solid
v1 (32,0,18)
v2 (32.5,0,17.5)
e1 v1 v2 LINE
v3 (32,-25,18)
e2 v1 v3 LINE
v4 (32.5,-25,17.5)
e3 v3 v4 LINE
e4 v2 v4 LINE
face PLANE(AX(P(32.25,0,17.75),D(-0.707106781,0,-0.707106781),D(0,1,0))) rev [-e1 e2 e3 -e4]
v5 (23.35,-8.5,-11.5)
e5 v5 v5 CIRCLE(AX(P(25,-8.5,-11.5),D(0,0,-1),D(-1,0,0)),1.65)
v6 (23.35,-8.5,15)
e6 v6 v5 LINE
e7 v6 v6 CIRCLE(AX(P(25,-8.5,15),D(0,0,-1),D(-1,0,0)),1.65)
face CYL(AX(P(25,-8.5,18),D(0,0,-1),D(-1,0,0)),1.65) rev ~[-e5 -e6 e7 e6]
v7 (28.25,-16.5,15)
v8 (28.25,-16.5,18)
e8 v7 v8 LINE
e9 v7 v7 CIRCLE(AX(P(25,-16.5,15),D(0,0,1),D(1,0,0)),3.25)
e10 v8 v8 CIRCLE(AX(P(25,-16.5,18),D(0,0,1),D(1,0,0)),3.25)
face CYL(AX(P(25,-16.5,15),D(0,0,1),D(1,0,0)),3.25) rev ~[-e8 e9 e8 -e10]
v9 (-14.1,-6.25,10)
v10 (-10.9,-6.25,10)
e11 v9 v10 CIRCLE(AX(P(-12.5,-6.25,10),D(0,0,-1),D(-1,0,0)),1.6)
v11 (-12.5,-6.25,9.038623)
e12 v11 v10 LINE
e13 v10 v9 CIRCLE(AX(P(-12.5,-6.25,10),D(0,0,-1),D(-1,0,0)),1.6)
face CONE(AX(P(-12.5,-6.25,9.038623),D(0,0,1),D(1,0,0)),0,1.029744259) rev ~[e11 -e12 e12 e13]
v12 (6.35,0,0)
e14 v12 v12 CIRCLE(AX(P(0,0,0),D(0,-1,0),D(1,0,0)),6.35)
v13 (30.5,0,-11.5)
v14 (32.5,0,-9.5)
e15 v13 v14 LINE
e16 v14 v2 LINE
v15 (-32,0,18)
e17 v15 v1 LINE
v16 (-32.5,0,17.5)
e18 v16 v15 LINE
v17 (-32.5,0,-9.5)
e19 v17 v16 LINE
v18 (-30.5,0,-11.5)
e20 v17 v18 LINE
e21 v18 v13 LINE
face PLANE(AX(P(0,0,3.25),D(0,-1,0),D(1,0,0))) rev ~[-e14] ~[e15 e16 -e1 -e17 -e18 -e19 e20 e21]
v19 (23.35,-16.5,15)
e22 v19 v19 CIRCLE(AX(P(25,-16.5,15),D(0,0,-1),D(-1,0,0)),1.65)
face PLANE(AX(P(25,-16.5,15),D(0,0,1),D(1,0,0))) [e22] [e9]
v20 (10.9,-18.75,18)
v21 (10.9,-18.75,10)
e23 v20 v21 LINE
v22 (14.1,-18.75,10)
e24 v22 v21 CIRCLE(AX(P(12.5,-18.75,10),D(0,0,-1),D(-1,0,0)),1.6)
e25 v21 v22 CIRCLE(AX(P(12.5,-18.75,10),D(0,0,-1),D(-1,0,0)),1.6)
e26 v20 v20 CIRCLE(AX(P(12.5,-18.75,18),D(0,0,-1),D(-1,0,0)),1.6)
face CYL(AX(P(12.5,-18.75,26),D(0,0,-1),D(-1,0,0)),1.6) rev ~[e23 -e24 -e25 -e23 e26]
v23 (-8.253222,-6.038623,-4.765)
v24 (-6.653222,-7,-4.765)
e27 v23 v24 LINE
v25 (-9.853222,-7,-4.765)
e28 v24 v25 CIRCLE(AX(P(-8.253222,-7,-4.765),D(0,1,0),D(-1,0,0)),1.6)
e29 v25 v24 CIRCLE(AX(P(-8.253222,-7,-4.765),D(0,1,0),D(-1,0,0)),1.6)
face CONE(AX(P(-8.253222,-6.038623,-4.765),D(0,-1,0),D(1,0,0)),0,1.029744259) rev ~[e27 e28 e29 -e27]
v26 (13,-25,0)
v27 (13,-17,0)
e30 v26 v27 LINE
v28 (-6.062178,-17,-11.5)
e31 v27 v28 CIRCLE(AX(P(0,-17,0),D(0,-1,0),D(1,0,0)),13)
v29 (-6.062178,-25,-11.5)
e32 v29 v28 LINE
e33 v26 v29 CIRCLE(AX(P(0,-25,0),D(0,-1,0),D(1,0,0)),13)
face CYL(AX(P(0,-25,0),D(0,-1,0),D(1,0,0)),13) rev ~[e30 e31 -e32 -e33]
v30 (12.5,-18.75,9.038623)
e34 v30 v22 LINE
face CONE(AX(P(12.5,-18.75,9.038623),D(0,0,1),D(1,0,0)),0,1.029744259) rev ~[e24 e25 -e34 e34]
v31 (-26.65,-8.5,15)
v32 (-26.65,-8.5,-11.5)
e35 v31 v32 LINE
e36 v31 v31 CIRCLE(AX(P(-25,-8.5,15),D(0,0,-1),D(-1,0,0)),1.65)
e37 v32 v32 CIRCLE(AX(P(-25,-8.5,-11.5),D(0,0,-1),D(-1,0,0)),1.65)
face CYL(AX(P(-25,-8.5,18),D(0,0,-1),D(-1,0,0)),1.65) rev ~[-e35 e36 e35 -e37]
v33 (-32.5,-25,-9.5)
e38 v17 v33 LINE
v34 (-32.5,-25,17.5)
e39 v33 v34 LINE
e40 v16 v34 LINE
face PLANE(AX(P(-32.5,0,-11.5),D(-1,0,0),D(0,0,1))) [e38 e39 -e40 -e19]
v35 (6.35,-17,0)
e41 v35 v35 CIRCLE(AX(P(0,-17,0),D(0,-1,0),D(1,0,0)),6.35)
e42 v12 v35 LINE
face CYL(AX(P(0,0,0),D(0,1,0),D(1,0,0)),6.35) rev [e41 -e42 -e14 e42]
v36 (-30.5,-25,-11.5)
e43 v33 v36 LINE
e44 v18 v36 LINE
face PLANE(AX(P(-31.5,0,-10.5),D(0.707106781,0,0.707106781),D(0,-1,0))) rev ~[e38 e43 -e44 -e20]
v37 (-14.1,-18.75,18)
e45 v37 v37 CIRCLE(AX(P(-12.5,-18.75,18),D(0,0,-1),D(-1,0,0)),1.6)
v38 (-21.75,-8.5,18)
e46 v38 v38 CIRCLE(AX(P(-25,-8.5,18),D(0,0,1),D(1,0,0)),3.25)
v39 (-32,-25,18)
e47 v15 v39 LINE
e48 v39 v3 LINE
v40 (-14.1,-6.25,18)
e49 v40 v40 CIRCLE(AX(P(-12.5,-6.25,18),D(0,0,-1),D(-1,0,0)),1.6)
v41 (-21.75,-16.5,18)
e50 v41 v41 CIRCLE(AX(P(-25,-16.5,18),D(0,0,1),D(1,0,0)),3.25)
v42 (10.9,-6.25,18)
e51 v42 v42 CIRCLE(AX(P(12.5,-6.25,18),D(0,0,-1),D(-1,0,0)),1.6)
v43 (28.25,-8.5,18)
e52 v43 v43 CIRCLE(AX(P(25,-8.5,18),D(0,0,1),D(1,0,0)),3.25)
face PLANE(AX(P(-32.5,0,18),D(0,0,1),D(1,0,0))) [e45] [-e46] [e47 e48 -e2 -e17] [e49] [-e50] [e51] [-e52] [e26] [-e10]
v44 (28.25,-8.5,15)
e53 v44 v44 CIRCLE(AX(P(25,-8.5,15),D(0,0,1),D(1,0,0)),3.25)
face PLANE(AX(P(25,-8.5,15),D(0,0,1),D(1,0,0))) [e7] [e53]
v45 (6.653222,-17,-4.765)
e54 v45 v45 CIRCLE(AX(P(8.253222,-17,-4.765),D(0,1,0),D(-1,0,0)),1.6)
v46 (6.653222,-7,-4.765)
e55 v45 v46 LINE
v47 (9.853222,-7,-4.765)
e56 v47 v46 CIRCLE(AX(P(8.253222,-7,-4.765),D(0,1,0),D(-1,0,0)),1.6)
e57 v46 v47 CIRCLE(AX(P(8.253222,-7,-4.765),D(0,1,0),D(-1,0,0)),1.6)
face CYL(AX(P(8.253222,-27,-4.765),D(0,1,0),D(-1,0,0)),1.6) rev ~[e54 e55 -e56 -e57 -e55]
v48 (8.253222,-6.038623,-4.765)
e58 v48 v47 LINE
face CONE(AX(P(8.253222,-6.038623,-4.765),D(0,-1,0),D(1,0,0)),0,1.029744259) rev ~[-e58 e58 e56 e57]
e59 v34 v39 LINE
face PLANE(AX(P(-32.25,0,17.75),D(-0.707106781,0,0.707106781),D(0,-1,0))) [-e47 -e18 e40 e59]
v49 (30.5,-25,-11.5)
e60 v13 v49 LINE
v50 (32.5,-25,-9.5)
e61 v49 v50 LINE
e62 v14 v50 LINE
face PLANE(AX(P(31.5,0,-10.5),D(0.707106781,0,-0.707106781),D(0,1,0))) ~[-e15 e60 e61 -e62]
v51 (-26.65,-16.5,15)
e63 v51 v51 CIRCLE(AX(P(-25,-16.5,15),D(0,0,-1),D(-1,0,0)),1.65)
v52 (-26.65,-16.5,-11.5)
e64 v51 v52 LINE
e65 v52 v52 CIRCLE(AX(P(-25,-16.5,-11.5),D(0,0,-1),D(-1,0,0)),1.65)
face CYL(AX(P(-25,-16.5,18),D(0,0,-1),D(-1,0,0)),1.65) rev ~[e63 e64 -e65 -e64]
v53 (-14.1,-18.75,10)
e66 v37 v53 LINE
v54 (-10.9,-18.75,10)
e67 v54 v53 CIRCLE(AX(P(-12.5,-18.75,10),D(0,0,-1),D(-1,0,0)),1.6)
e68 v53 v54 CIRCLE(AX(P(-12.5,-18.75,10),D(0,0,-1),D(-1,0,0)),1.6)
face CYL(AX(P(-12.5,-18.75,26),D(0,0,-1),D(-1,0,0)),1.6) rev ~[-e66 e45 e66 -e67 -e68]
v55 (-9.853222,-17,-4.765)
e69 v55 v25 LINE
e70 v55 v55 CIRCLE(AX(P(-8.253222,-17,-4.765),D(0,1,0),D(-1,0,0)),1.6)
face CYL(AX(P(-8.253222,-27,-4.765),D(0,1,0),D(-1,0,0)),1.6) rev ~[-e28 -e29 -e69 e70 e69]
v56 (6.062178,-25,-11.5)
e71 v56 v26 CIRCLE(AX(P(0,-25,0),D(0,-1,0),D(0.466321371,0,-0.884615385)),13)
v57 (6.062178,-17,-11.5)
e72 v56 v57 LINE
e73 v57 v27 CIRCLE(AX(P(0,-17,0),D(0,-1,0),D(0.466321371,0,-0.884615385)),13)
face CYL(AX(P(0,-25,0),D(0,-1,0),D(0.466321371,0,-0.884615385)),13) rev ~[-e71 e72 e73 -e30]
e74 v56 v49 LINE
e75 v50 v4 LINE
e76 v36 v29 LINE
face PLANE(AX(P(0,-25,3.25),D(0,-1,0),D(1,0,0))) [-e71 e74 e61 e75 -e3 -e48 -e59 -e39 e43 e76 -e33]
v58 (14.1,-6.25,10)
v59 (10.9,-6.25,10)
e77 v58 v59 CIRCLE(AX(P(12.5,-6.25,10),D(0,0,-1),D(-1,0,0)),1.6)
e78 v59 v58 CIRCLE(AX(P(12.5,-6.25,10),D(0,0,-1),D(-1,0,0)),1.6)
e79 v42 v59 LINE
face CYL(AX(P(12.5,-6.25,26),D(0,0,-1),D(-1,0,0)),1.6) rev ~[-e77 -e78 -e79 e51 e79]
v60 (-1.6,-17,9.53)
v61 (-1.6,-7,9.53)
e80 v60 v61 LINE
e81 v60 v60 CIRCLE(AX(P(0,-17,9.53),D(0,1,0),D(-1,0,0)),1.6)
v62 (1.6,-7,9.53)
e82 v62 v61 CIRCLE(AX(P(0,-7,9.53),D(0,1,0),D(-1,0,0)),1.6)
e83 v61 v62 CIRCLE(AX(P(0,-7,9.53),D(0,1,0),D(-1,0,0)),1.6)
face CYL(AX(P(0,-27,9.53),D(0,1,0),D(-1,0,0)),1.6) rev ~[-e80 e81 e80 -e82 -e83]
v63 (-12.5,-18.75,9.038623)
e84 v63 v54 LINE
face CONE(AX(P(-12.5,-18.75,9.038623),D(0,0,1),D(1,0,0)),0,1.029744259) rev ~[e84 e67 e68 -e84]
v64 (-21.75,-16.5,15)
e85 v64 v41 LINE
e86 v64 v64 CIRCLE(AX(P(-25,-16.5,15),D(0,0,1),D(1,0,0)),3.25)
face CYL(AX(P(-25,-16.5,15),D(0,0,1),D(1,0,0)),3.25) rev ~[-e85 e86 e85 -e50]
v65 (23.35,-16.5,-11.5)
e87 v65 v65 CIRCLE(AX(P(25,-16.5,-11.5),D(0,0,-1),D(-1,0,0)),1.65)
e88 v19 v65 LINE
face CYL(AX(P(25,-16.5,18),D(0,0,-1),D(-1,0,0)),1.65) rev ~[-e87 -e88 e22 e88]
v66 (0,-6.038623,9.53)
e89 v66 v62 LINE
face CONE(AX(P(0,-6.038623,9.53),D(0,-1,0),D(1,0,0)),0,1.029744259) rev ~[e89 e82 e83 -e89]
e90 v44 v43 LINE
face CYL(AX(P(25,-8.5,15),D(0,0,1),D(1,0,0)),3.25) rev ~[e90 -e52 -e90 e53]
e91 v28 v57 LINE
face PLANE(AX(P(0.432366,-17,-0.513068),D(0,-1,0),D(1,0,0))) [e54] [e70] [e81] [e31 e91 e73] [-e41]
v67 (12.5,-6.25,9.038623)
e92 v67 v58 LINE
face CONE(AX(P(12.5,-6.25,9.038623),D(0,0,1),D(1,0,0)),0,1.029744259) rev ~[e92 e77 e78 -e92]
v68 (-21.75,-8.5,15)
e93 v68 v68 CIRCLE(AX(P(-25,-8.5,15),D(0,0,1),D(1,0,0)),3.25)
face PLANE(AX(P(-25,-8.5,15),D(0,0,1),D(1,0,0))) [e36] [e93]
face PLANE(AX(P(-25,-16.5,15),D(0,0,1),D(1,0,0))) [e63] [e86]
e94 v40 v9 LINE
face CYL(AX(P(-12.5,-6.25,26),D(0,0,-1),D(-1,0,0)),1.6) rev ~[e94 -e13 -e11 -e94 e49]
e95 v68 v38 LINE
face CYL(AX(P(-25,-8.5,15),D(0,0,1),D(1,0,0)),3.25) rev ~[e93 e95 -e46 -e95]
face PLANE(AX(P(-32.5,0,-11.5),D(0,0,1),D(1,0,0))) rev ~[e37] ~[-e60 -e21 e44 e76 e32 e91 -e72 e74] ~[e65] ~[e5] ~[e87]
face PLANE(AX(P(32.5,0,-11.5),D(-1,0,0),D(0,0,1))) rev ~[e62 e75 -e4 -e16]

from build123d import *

# Parameters (mm, degrees)
F0_W           = 65
F0_H           = 29.5
F0_R           = 6.35
F1_DEPTH       = 25
F2_SIZE        = 0.5
F3_R           = 6.35
F4_DEPTH       = 8
F5_SIZE        = 2
F7_D           = 3.2
F7_DEPTH       = 8
F7_TIP         = 0.9613769904
F9_D           = 3.3
F9_CBORE_D     = 6.5
F9_CBORE_DEPTH = 3
F11_D          = 3.2
F11_DEPTH      = 10
F11_TIP        = 0.9613769904


with BuildPart() as f1:
    # F0 (on Front) → F1 (new body)
    with BuildSketch(Plane.XZ):
        with Locations((0, 3.25)):
            Rectangle(F0_W, F0_H)
        Circle(F0_R, mode=Mode.SUBTRACT)
    extrude(amount=F1_DEPTH)

    # F2
    f2_edges = [f1.edges().sort_by_distance(p)[0] for p in [
        (-32.5, -12.5, 18),
        (32.5, -12.5, 18),
    ]]
    chamfer(f2_edges, length=F2_SIZE)

    # F3 (on face) → F4 (cut)
    with BuildSketch(Plane.XZ.offset(25)):
        with BuildLine():
            ThreePointArc((6.0621778265, -11.5), (11.1312243654, -6.7153439322), (13, 0))
            ThreePointArc((13, 0), (-6.7153439322, 11.1312243654), (-6.0621778265, -11.5))
            Line((-6.0621778265, -11.5), (6.0621778265, -11.5))
        make_face()
        Circle(F3_R, mode=Mode.SUBTRACT)
    extrude(amount=-F4_DEPTH, mode=Mode.SUBTRACT)

    # F5
    f5_edges = [f1.edges().sort_by_distance(p)[0] for p in [
        (32.5, -12.5, -11.5),
        (-32.5, -12.5, -11.5),
    ]]
    chamfer(f5_edges, length=F5_SIZE)

    # F7
    with Locations(Plane.XY.offset(18)):
        with Locations((12.5, -6.25), (12.5, -18.75), (-12.5, -6.25), (-12.5, -18.75)):
            Hole(F7_D / 2, depth=F7_DEPTH)
            with Locations((0, 0, -(F7_DEPTH + F7_TIP / 2))):  # 118° drill point
                Cone(0, F7_D / 2, F7_TIP, mode=Mode.SUBTRACT)

    # F9 (through all)
    with Locations(Plane.XY.offset(18)):
        with Locations((-25, -8.5), (-25, -16.5), (25, -8.5), (25, -16.5)):
            CounterBoreHole(F9_D / 2, F9_CBORE_D / 2, F9_CBORE_DEPTH)

    # F11
    with Locations(Plane.XZ.offset(17)):
        with Locations((0, 9.53), (8.2532220981, -4.765), (-8.2532220981, -4.765)):
            Hole(F11_D / 2, depth=F11_DEPTH)
            with Locations((0, 0, -(F11_DEPTH + F11_TIP / 2))):  # 118° drill point
                Cone(0, F11_D / 2, F11_TIP, mode=Mode.SUBTRACT)


solid = f1.part
